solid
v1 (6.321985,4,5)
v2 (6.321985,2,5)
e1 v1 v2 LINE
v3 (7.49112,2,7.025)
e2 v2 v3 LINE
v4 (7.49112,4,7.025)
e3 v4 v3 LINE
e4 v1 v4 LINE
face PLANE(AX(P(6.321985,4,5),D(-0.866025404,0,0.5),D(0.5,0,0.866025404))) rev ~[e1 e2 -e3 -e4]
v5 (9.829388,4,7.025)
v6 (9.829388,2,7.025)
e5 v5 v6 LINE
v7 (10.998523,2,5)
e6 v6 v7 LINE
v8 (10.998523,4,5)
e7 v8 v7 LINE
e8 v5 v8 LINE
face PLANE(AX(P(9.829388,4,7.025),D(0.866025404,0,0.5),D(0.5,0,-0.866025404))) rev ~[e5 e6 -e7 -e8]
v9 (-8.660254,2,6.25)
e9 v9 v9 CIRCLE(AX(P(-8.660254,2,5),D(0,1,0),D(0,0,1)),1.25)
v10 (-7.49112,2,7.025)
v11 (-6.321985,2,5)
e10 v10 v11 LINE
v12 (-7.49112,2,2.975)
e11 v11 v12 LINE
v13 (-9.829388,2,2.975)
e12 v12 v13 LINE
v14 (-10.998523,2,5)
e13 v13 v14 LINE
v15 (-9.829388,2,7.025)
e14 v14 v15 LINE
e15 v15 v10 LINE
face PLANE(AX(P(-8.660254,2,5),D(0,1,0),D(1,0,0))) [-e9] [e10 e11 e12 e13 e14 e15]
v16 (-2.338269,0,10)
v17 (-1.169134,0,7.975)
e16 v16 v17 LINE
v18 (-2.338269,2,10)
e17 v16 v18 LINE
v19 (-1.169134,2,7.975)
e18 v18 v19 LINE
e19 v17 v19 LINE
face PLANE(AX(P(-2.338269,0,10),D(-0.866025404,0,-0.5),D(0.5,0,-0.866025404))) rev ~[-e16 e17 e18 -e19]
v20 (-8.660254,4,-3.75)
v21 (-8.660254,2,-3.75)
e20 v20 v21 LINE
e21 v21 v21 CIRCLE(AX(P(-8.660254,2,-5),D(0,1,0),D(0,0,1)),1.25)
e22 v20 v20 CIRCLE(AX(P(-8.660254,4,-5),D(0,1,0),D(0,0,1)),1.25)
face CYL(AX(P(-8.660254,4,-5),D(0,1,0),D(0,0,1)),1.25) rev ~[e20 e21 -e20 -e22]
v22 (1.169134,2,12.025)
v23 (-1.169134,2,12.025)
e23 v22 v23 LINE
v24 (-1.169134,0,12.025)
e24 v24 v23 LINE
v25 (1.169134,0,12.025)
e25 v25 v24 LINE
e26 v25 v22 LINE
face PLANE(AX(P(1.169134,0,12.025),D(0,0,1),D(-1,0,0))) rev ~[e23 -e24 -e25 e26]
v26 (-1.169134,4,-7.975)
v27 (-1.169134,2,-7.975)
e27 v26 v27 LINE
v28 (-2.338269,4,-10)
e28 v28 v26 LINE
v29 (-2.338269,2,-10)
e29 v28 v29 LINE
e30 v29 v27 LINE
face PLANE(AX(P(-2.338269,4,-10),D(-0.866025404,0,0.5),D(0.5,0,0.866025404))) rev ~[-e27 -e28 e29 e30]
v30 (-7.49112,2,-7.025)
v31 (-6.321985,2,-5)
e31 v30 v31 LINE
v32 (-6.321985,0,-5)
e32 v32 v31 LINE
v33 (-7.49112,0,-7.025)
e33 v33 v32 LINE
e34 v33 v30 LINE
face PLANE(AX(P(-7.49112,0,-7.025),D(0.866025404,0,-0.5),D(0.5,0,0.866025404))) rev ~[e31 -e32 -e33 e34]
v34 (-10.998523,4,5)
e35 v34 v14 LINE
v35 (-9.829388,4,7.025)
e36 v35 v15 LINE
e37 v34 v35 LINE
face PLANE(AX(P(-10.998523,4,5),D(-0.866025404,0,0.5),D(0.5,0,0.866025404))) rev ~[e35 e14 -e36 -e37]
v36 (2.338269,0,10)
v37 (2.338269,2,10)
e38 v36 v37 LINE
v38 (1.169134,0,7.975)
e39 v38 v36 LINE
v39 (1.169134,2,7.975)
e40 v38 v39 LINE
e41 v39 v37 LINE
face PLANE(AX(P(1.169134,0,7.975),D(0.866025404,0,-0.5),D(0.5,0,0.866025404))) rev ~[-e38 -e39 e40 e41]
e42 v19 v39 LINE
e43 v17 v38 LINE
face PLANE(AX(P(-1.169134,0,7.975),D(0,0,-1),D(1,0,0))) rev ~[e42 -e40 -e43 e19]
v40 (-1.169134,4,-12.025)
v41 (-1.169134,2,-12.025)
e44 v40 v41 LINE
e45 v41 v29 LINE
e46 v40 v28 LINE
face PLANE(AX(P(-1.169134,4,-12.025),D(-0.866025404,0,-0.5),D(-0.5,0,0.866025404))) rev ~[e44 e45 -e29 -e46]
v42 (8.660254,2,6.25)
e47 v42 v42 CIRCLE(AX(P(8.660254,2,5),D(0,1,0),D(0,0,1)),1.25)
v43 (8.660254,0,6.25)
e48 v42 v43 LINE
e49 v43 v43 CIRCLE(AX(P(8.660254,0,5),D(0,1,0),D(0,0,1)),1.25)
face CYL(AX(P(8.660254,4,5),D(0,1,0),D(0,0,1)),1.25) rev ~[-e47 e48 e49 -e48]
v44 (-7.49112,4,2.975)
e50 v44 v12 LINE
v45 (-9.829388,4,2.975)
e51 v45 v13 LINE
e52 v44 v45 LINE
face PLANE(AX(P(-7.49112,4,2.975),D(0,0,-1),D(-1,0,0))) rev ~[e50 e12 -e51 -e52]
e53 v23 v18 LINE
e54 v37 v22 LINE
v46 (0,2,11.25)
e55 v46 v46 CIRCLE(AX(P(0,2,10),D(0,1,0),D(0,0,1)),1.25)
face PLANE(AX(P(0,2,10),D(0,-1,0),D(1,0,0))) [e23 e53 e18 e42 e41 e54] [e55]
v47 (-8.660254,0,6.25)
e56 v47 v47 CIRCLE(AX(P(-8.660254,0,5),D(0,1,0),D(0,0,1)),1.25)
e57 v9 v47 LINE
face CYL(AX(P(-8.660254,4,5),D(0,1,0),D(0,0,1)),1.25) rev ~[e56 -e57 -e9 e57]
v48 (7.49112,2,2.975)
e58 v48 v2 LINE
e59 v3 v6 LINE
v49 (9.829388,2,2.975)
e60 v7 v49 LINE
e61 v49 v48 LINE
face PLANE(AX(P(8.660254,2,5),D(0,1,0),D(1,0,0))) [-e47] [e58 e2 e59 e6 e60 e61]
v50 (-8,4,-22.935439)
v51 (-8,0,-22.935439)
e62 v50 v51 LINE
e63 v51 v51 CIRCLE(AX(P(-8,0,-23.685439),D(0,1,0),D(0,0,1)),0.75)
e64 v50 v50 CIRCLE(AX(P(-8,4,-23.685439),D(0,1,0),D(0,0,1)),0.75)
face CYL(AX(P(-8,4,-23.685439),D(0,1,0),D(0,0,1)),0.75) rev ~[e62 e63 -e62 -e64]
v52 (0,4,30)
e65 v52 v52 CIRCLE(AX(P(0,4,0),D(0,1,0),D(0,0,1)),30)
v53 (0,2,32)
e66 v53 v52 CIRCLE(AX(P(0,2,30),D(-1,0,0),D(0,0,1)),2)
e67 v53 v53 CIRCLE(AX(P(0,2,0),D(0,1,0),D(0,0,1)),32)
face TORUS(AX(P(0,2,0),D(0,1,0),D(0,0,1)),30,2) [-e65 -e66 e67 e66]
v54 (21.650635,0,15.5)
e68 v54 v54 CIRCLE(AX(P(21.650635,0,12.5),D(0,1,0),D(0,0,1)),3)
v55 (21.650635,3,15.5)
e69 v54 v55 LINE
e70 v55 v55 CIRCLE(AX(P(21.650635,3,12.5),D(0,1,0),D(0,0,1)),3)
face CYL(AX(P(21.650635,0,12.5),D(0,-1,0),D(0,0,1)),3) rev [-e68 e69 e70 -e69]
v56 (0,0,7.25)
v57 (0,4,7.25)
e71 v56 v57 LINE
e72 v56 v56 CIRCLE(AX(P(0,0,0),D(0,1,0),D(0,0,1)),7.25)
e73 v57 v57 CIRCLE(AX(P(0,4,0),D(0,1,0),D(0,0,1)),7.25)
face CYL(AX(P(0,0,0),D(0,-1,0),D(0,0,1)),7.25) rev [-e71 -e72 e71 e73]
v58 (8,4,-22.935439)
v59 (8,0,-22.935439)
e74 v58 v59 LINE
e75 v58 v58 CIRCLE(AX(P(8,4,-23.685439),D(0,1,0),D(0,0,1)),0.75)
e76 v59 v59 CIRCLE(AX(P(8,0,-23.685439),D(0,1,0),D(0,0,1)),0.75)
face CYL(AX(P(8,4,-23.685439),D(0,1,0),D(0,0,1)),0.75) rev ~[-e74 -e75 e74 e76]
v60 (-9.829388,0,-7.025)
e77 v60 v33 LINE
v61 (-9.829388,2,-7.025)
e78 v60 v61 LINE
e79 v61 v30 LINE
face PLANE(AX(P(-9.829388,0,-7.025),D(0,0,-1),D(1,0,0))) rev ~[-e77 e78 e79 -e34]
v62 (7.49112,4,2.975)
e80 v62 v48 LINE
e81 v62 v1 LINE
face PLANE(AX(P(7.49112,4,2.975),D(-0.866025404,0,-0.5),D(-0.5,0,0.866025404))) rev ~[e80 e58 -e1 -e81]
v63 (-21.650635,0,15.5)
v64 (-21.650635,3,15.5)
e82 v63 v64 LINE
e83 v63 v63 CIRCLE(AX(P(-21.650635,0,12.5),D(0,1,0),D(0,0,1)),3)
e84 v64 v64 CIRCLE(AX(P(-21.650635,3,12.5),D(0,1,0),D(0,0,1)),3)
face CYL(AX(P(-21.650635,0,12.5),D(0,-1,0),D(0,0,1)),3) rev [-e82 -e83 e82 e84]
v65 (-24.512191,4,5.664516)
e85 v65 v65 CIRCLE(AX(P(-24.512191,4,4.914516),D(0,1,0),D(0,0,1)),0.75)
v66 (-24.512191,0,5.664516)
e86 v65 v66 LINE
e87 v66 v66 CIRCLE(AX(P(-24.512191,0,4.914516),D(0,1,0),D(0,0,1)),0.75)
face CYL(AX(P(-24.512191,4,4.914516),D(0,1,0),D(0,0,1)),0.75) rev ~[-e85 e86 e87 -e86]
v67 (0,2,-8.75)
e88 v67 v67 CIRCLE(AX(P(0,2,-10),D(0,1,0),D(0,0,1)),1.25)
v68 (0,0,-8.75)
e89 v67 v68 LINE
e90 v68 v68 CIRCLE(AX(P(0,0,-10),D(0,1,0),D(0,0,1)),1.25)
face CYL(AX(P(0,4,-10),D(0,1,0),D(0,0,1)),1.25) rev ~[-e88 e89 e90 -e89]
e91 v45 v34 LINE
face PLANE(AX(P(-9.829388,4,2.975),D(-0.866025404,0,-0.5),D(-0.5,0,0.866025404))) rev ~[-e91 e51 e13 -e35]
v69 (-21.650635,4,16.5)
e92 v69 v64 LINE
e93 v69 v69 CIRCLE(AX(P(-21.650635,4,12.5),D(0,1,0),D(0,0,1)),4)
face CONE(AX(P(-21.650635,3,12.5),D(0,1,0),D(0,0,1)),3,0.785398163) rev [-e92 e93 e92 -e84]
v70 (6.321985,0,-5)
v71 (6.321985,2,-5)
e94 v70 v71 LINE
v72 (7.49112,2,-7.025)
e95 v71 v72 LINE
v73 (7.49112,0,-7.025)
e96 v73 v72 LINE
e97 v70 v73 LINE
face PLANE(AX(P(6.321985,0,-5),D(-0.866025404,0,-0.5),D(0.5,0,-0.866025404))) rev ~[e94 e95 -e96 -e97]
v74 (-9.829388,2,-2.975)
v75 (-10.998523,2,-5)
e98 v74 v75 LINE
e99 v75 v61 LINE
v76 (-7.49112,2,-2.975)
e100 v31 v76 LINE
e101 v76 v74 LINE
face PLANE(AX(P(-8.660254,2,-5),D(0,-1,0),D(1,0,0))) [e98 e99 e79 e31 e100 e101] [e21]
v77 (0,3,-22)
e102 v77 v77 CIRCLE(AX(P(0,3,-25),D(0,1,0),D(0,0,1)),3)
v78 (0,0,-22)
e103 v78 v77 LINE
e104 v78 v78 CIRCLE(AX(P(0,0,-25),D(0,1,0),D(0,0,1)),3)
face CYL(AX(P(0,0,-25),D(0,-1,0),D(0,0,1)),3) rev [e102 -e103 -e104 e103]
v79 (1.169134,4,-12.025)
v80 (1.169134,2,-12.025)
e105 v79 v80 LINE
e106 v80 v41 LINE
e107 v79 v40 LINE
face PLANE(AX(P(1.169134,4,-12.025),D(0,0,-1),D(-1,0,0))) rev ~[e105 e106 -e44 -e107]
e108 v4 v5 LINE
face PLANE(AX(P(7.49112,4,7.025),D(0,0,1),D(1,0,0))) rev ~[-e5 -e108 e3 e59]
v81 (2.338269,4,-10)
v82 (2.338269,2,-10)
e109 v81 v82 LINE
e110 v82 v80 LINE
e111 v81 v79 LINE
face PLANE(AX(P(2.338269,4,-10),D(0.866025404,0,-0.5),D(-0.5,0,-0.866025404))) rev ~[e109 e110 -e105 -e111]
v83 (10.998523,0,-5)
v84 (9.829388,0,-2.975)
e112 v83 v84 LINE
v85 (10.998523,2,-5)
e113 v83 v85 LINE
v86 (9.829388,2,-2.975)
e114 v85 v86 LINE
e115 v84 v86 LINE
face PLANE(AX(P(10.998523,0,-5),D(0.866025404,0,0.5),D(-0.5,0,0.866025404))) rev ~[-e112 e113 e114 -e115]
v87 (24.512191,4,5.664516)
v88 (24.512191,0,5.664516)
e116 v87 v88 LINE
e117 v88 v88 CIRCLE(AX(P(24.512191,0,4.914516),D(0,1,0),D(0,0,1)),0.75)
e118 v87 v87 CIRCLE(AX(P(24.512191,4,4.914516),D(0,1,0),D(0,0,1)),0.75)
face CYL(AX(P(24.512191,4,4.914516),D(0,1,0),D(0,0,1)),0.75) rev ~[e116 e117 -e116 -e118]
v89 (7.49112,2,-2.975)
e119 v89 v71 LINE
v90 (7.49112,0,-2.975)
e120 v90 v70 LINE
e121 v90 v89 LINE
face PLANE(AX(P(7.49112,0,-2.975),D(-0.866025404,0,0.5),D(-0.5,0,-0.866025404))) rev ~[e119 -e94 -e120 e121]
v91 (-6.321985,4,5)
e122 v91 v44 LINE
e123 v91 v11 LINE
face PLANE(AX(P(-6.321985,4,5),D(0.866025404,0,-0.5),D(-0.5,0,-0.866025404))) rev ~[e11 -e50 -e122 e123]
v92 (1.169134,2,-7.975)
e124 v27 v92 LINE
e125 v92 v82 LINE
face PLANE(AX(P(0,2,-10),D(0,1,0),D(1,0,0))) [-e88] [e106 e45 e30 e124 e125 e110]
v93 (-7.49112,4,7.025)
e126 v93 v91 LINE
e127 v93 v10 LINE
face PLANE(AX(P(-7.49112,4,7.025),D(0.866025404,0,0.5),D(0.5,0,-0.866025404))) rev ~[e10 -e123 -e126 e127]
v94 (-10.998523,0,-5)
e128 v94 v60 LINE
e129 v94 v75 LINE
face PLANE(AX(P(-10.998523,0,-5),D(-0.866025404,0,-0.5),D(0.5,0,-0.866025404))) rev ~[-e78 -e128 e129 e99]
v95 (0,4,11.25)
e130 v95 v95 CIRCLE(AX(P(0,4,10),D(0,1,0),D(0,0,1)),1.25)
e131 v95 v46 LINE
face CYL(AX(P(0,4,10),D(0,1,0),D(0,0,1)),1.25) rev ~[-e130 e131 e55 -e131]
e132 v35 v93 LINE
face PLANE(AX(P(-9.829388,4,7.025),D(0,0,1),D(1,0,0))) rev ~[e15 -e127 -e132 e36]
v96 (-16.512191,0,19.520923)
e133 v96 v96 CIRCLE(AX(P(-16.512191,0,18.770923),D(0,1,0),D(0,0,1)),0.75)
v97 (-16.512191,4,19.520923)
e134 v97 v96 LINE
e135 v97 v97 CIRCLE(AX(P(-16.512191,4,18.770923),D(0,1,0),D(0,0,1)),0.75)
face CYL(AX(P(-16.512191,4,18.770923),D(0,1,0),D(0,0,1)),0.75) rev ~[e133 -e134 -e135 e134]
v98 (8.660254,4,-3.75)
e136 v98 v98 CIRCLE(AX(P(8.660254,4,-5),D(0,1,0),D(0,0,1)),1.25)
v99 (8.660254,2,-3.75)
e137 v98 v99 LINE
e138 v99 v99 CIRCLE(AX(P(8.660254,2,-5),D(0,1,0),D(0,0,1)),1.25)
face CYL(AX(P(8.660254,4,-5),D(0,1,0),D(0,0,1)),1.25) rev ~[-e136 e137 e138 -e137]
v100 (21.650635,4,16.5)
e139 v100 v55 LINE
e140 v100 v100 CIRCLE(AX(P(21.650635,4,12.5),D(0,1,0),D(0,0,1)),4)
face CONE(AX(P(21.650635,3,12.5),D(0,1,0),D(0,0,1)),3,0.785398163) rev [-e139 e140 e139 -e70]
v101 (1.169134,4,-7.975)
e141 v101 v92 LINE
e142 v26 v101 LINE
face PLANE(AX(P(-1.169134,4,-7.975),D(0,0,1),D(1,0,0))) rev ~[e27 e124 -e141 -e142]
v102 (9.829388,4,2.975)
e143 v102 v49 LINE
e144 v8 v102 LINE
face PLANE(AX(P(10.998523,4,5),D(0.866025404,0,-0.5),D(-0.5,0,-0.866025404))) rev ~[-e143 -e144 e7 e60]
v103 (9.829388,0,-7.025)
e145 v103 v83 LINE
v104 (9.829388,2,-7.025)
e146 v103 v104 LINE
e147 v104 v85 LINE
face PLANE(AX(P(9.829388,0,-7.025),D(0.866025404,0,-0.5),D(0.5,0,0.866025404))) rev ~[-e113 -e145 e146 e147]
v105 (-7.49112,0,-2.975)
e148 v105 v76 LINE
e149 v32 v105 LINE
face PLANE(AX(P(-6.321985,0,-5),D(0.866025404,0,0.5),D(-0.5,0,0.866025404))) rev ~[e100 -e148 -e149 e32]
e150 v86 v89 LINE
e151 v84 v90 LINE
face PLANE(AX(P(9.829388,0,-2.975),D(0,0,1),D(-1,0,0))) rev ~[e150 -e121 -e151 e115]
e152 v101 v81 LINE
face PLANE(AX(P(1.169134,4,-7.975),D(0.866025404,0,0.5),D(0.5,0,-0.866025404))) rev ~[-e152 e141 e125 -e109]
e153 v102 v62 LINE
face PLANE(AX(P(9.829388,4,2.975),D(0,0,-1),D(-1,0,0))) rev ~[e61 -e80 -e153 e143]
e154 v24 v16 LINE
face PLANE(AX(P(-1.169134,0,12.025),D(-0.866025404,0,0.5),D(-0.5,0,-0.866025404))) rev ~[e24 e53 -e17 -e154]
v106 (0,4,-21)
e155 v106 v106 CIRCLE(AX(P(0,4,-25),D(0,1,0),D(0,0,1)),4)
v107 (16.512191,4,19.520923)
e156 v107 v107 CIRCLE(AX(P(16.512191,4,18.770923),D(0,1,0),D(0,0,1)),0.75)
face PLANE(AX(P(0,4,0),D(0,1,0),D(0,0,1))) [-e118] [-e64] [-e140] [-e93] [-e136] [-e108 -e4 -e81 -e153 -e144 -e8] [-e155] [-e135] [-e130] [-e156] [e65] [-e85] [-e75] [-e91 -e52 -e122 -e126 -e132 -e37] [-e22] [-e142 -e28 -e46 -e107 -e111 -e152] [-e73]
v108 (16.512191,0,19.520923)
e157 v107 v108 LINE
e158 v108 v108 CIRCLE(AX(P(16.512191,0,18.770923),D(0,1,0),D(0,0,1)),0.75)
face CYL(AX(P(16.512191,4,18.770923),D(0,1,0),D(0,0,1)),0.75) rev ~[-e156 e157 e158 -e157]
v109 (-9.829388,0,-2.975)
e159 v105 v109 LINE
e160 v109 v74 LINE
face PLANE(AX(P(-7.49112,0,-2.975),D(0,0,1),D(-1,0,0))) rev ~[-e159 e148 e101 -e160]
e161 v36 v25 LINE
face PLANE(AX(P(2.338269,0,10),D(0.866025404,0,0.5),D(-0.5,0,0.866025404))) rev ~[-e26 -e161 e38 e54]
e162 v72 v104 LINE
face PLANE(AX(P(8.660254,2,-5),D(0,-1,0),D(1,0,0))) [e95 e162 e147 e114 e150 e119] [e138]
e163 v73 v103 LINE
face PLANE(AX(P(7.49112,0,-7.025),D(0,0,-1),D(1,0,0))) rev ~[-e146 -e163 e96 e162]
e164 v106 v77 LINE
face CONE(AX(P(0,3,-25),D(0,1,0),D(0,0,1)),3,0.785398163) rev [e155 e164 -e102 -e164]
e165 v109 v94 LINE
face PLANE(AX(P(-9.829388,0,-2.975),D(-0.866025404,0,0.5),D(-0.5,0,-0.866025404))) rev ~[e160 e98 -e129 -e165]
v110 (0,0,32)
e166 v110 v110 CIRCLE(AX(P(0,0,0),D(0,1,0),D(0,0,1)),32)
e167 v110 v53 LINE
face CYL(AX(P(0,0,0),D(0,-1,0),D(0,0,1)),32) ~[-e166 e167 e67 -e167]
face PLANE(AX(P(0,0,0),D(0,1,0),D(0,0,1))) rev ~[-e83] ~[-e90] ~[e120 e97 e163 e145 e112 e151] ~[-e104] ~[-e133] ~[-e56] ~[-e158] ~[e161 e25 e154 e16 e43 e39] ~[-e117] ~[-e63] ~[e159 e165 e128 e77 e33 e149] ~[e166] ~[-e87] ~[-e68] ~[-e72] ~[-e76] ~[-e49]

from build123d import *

# Parameters (mm, degrees)
SKETCH_1_R          = 32
SKETCH_1_R_2        = 7.25
SKETCH_1_R_3        = 3
EXTRUDE_1_DEPTH     = 4
FILLET_1_R          = 2
SKETCH_2_R          = 1.25
CUT_EXTRUDE_1_DEPTH = 46.431266766
CUT_EXTRUDE_2_DEPTH = 2
CUT_EXTRUDE_3_DEPTH = 2
CHAMFER_1_SIZE      = 1
SKETCH_5_R          = 0.75
CUT_EXTRUDE_4_DEPTH = 46.431266766


with BuildPart() as part:
    # Эскиз1 → Бобышка-Вытянуть1 (new body)
    with BuildSketch(Plane(origin=(0, 0, 0), x_dir=(1, 0, 0), z_dir=(0, 1, 0))):
        with Locations(Location((0, 0, 0), (0, 0, 270))):
            Circle(SKETCH_1_R)
        with Locations(Location((0, 0, 0), (0, 0, 270))):
            Circle(SKETCH_1_R_2, mode=Mode.SUBTRACT)
        with Locations(Location((0, 25, 0), (0, 0, 270))):
            Circle(SKETCH_1_R_3, mode=Mode.SUBTRACT)
        with Locations(Location((21.650635095, -12.5, 0), (0, 0, 270))):
            Circle(SKETCH_1_R_3, mode=Mode.SUBTRACT)
        with Locations(Location((-21.650635095, -12.5, 0), (0, 0, 270))):
            Circle(SKETCH_1_R_3, mode=Mode.SUBTRACT)
    extrude(amount=EXTRUDE_1_DEPTH)

    # Скругление1
    fillet_1_edges = [part.edges().sort_by_distance(p)[0] for p in [
        (0, 4, -32),
    ]]
    fillet(fillet_1_edges, radius=FILLET_1_R)

    # Эскиз2 → Вырез-Вытянуть1 (cut, through all)
    with BuildSketch(Plane(origin=(0, 4, 0), x_dir=(1, 0, 0), z_dir=(0, 1, 0))):
        with Locations(Location((0, 10, 0), (0, 0, 270))):
            Circle(SKETCH_2_R)
        with Locations(Location((8.660254038, 5, 0), (0, 0, 270))):
            Circle(SKETCH_2_R)
        with Locations(Location((8.660254038, -5, 0), (0, 0, 270))):
            Circle(SKETCH_2_R)
        with Locations(Location((0, -10, 0), (0, 0, 270))):
            Circle(SKETCH_2_R)
        with Locations(Location((-8.660254038, -5, 0), (0, 0, 270))):
            Circle(SKETCH_2_R)
        with Locations(Location((-8.660254038, 5, 0), (0, 0, 270))):
            Circle(SKETCH_2_R)
    extrude(amount=-CUT_EXTRUDE_1_DEPTH, mode=Mode.SUBTRACT)

    # Эскиз3 → Вырез-Вытянуть2 (cut)
    with BuildSketch(Plane(origin=(0, 4, 0), x_dir=(1, 0, 0), z_dir=(0, 1, 0))):
        Polygon((9.829388333, -7.025), (10.998522628, -5), (9.829388333, -2.975), (7.491119743, -2.975), (6.321985448, -5), (7.491119743, -7.025), align=None)
        Polygon((1.169134295, 7.975), (2.33826859, 10), (1.169134295, 12.025), (-1.169134295, 12.025), (-2.33826859, 10), (-1.169134295, 7.975), align=None)
        Polygon((-10.998522628, -5), (-9.829388333, -7.025), (-7.491119743, -7.025), (-6.321985448, -5), (-7.491119743, -2.975), (-9.829388333, -2.975), align=None)
    extrude(amount=-CUT_EXTRUDE_2_DEPTH, mode=Mode.SUBTRACT)

    # Эскиз4 → Вырез-Вытянуть3 (cut)
    with BuildSketch(Plane.XZ):
        Polygon((7.491119743, -7.025), (9.829388333, -7.025), (10.998522628, -5), (9.829388333, -2.975), (7.491119743, -2.975), (6.321985448, -5), align=None)
        Polygon((-1.169134295, 7.975), (1.169134295, 7.975), (2.33826859, 10), (1.169134295, 12.025), (-1.169134295, 12.025), (-2.33826859, 10), align=None)
        Polygon((-9.829388333, -2.975), (-10.998522628, -5), (-9.829388333, -7.025), (-7.491119743, -7.025), (-6.321985448, -5), (-7.491119743, -2.975), align=None)
    extrude(amount=-CUT_EXTRUDE_3_DEPTH, mode=Mode.SUBTRACT)

    # Фаска1
    chamfer_1_edges = [part.edges().sort_by_distance(p)[0] for p in [
        (21.650635095, 4, 9.5),
        (-21.650635095, 4, 9.5),
        (0, 4, -28),
    ]]
    chamfer(chamfer_1_edges, length=CHAMFER_1_SIZE)

    # Эскиз5 → Вырез-Вытянуть4 (cut, through all)
    with BuildSketch(Plane(origin=(0, 4, 0), x_dir=(1, 0, 0), z_dir=(0, 1, 0))):
        with Locations(Location((8, 23.685438565, 0), (0, 0, 270))):
            Circle(SKETCH_5_R)
        with Locations(Location((-8, 23.685438565, 0), (0, 0, 270))):
            Circle(SKETCH_5_R)
        with Locations(Location((24.512191497, -4.914516052, 0), (0, 0, 270))):
            Circle(SKETCH_5_R)
        with Locations(Location((16.512191497, -18.770922513, 0), (0, 0, 270))):
            Circle(SKETCH_5_R)
        with Locations(Location((-16.512191497, -18.770922513, 0), (0, 0, 270))):
            Circle(SKETCH_5_R)
        with Locations(Location((-24.512191497, -4.914516052, 0), (0, 0, 270))):
            Circle(SKETCH_5_R)
    extrude(amount=-CUT_EXTRUDE_4_DEPTH, mode=Mode.SUBTRACT)


solid = part.part
